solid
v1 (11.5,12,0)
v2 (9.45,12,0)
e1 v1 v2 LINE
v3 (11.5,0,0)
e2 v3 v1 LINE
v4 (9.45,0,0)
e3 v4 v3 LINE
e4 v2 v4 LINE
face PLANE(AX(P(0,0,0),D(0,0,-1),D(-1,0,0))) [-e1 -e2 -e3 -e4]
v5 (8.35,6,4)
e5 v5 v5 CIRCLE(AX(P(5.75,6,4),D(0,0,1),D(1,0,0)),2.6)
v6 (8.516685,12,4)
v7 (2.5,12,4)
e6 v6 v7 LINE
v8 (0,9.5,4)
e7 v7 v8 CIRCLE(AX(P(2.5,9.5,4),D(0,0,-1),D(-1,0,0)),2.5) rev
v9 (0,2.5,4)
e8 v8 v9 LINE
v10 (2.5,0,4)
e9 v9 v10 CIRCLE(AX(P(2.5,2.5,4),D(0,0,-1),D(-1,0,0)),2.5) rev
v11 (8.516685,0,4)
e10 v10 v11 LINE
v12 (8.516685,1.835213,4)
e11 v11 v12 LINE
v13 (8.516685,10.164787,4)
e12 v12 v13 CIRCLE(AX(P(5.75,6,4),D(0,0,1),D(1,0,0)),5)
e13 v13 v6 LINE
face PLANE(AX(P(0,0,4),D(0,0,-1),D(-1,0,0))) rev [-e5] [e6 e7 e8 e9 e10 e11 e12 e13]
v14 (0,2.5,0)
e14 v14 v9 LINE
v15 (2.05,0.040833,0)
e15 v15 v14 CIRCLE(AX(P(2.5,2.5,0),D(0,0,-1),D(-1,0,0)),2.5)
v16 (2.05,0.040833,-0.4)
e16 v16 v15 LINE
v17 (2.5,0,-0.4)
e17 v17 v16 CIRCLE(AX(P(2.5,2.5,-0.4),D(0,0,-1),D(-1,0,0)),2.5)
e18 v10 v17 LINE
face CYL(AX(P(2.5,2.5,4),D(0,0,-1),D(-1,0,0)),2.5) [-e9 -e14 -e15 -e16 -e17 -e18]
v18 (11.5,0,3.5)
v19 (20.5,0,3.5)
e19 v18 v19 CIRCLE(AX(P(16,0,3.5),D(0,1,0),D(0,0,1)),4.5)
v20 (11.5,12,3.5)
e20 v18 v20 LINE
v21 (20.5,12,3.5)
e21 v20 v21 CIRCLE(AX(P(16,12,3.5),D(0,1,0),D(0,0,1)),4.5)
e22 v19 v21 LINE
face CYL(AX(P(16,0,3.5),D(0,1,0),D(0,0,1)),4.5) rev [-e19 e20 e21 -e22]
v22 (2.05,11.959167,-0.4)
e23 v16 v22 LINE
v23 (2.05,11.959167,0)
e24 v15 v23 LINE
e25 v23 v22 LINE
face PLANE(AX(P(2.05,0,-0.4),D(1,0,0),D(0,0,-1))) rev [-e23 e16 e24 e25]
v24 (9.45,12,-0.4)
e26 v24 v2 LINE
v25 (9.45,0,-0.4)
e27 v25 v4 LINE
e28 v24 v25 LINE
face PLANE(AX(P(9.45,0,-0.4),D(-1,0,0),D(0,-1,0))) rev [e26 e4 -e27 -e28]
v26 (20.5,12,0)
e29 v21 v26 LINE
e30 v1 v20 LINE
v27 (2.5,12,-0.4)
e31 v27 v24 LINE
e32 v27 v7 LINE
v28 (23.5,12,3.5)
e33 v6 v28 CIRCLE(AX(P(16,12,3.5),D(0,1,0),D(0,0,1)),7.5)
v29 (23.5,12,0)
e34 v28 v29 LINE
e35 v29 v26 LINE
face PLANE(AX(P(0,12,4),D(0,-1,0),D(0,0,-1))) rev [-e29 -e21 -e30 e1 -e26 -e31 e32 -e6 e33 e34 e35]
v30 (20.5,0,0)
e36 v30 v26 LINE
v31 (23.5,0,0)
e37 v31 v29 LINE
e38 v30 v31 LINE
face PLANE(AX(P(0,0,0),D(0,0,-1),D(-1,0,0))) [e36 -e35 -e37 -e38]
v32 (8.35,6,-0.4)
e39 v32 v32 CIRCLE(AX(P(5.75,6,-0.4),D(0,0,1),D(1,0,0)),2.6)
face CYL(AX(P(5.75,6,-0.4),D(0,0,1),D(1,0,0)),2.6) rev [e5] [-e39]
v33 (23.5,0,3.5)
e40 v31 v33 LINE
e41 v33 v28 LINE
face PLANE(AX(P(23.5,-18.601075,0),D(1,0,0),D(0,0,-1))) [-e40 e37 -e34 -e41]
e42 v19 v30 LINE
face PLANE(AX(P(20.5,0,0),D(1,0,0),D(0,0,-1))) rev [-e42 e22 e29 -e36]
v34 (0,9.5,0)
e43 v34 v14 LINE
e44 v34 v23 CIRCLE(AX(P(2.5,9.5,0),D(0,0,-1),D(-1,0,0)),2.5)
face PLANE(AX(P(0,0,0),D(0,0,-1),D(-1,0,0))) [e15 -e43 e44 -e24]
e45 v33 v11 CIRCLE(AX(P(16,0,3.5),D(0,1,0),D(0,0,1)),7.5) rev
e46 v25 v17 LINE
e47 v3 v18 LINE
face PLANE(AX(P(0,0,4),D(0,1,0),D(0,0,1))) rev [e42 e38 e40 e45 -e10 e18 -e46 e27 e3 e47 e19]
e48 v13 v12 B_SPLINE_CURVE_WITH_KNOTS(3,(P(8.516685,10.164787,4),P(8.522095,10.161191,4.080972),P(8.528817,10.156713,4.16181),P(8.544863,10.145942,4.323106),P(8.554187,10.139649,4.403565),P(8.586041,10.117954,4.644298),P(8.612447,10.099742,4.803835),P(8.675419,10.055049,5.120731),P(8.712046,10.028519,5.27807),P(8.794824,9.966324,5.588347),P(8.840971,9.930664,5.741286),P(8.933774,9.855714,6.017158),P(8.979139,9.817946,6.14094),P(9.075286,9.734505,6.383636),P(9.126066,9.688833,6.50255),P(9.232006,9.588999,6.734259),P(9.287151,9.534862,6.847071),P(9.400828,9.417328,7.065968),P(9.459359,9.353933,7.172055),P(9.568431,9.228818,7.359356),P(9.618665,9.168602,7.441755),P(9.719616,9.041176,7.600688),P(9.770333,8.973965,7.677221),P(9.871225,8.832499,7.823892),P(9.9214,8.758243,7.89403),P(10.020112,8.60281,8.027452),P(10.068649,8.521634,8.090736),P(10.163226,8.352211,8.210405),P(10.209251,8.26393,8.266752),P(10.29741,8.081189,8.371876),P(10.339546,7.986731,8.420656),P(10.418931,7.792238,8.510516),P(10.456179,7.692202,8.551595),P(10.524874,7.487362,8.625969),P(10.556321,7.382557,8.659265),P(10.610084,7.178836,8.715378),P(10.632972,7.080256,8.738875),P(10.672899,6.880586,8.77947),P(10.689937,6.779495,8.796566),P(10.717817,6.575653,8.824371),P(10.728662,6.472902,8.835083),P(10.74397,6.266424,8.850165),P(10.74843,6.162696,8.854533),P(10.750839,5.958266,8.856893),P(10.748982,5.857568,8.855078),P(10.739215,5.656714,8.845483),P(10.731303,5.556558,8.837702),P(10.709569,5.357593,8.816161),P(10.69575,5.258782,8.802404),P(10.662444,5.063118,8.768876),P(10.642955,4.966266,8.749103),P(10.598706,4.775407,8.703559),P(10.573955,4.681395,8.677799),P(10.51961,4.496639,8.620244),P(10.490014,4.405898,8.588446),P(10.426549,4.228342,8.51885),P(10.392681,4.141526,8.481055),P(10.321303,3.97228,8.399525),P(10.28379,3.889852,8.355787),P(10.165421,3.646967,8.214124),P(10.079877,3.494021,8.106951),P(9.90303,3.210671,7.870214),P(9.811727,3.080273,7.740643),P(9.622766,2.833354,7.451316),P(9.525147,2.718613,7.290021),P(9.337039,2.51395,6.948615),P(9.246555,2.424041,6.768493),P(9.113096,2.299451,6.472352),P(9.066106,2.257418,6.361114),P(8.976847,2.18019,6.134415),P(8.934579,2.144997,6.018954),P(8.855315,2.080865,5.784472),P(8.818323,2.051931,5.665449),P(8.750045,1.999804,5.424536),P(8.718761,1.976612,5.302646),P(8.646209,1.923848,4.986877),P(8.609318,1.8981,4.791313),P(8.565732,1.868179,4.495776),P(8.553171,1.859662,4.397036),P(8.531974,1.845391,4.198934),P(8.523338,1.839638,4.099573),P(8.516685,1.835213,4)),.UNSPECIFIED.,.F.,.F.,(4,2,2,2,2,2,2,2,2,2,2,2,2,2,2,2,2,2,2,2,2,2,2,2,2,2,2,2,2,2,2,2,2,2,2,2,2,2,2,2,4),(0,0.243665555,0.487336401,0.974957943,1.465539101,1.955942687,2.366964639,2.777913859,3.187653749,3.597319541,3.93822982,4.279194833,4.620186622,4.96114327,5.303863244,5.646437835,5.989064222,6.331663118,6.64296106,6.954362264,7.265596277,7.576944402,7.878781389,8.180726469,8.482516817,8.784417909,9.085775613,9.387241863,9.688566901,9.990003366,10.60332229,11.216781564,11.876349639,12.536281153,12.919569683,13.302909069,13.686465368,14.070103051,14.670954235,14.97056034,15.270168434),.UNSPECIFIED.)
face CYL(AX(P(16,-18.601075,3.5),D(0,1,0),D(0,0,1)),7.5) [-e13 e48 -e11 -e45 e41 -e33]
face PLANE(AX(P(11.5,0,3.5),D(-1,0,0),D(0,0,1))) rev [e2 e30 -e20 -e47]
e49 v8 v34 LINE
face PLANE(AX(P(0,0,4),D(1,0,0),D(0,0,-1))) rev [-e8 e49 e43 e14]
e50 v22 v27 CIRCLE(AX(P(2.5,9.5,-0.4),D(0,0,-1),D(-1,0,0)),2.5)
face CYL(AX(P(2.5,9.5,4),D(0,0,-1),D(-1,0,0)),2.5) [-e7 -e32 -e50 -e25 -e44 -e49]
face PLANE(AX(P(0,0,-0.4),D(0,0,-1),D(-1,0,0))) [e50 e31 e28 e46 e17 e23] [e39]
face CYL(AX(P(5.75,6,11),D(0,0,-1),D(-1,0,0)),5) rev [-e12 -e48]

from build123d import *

# Parameters (mm, degrees)
SKETCH_1_W          = 12
SKETCH_1_H          = 12
EXTRUDE_1_DEPTH     = 4
EXTRUDE_2_DEPTH     = 12
CUT_EXTRUDE_3_DEPTH = 29.587584718
SKETCH_5_W          = 7.4
SKETCH_5_H          = 12
EXTRUDE_3_DEPTH     = 0.4
SKETCH_3_R          = 2.6
CUT_EXTRUDE_1_DEPTH = 28.299267389
SKETCH_4_R          = 5
CUT_EXTRUDE_2_DEPTH = 28.299267389
FILLET_1_R          = 2.5


with BuildPart() as part:
    # Эскиз1 → Бобышка-Вытянуть1 (new body)
    with BuildSketch(Plane.XY):
        with Locations((6, 6)):
            Rectangle(SKETCH_1_W, SKETCH_1_H)
    extrude(amount=EXTRUDE_1_DEPTH)

    # Эскиз2 → Бобышка-Вытянуть2 (add)
    with BuildSketch(Plane(origin=(0, 12, 0), x_dir=(1, 0, 0), z_dir=(0, 1, 0))):
        with BuildLine():
            Line((8.5, 0), (23.5, 0))
            Line((23.5, 0), (23.5, -3.5))
            ThreePointArc((23.5, -3.5), (16, -11), (8.5, -3.5))
            Line((8.5, -3.5), (8.5, 0))
        make_face()
    extrude(amount=-EXTRUDE_2_DEPTH)

    # Эскиз6 → Вырез-Вытянуть3 (cut, through all)
    with BuildSketch(Plane(origin=(0, 12, 0), x_dir=(1, 0, 0), z_dir=(0, 1, 0))):
        with BuildLine():
            Line((11.5, -3.5), (11.5, 0))
            Line((11.5, 0), (20.5, 0))
            Line((20.5, 0), (20.5, -3.5))
            ThreePointArc((20.5, -3.5), (16, -8), (11.5, -3.5))
        make_face()
    extrude(amount=-CUT_EXTRUDE_3_DEPTH, mode=Mode.SUBTRACT)

    # Эскиз5 → Бобышка-Вытянуть3 (add)
    with BuildSketch(Plane(origin=(0, 0, 0), x_dir=(-1, 0, 0), z_dir=(0, 0, -1))):
        with Locations((-5.75, 6)):
            Rectangle(SKETCH_5_W, SKETCH_5_H)
    extrude(amount=EXTRUDE_3_DEPTH)

    # Эскиз3 → Вырез-Вытянуть1 (cut, through all)
    with BuildSketch(Plane.XY.offset(4)):
        with Locations((5.75, 6)):
            Circle(SKETCH_3_R)
    extrude(amount=-CUT_EXTRUDE_1_DEPTH, mode=Mode.SUBTRACT)

    # Эскиз4 → Вырез-Вытянуть2 (cut, through all)
    with BuildSketch(Plane.XY.offset(4)):
        with Locations((5.75, 6)):
            Circle(SKETCH_4_R)
    extrude(amount=CUT_EXTRUDE_2_DEPTH, mode=Mode.SUBTRACT)

    # Скругление1
    fillet_1_edges = [part.edges().sort_by_distance(p)[0] for p in [
        (0, 12, 2),
        (0, 0, 2),
    ]]
    fillet(fillet_1_edges, radius=FILLET_1_R)


solid = part.part
